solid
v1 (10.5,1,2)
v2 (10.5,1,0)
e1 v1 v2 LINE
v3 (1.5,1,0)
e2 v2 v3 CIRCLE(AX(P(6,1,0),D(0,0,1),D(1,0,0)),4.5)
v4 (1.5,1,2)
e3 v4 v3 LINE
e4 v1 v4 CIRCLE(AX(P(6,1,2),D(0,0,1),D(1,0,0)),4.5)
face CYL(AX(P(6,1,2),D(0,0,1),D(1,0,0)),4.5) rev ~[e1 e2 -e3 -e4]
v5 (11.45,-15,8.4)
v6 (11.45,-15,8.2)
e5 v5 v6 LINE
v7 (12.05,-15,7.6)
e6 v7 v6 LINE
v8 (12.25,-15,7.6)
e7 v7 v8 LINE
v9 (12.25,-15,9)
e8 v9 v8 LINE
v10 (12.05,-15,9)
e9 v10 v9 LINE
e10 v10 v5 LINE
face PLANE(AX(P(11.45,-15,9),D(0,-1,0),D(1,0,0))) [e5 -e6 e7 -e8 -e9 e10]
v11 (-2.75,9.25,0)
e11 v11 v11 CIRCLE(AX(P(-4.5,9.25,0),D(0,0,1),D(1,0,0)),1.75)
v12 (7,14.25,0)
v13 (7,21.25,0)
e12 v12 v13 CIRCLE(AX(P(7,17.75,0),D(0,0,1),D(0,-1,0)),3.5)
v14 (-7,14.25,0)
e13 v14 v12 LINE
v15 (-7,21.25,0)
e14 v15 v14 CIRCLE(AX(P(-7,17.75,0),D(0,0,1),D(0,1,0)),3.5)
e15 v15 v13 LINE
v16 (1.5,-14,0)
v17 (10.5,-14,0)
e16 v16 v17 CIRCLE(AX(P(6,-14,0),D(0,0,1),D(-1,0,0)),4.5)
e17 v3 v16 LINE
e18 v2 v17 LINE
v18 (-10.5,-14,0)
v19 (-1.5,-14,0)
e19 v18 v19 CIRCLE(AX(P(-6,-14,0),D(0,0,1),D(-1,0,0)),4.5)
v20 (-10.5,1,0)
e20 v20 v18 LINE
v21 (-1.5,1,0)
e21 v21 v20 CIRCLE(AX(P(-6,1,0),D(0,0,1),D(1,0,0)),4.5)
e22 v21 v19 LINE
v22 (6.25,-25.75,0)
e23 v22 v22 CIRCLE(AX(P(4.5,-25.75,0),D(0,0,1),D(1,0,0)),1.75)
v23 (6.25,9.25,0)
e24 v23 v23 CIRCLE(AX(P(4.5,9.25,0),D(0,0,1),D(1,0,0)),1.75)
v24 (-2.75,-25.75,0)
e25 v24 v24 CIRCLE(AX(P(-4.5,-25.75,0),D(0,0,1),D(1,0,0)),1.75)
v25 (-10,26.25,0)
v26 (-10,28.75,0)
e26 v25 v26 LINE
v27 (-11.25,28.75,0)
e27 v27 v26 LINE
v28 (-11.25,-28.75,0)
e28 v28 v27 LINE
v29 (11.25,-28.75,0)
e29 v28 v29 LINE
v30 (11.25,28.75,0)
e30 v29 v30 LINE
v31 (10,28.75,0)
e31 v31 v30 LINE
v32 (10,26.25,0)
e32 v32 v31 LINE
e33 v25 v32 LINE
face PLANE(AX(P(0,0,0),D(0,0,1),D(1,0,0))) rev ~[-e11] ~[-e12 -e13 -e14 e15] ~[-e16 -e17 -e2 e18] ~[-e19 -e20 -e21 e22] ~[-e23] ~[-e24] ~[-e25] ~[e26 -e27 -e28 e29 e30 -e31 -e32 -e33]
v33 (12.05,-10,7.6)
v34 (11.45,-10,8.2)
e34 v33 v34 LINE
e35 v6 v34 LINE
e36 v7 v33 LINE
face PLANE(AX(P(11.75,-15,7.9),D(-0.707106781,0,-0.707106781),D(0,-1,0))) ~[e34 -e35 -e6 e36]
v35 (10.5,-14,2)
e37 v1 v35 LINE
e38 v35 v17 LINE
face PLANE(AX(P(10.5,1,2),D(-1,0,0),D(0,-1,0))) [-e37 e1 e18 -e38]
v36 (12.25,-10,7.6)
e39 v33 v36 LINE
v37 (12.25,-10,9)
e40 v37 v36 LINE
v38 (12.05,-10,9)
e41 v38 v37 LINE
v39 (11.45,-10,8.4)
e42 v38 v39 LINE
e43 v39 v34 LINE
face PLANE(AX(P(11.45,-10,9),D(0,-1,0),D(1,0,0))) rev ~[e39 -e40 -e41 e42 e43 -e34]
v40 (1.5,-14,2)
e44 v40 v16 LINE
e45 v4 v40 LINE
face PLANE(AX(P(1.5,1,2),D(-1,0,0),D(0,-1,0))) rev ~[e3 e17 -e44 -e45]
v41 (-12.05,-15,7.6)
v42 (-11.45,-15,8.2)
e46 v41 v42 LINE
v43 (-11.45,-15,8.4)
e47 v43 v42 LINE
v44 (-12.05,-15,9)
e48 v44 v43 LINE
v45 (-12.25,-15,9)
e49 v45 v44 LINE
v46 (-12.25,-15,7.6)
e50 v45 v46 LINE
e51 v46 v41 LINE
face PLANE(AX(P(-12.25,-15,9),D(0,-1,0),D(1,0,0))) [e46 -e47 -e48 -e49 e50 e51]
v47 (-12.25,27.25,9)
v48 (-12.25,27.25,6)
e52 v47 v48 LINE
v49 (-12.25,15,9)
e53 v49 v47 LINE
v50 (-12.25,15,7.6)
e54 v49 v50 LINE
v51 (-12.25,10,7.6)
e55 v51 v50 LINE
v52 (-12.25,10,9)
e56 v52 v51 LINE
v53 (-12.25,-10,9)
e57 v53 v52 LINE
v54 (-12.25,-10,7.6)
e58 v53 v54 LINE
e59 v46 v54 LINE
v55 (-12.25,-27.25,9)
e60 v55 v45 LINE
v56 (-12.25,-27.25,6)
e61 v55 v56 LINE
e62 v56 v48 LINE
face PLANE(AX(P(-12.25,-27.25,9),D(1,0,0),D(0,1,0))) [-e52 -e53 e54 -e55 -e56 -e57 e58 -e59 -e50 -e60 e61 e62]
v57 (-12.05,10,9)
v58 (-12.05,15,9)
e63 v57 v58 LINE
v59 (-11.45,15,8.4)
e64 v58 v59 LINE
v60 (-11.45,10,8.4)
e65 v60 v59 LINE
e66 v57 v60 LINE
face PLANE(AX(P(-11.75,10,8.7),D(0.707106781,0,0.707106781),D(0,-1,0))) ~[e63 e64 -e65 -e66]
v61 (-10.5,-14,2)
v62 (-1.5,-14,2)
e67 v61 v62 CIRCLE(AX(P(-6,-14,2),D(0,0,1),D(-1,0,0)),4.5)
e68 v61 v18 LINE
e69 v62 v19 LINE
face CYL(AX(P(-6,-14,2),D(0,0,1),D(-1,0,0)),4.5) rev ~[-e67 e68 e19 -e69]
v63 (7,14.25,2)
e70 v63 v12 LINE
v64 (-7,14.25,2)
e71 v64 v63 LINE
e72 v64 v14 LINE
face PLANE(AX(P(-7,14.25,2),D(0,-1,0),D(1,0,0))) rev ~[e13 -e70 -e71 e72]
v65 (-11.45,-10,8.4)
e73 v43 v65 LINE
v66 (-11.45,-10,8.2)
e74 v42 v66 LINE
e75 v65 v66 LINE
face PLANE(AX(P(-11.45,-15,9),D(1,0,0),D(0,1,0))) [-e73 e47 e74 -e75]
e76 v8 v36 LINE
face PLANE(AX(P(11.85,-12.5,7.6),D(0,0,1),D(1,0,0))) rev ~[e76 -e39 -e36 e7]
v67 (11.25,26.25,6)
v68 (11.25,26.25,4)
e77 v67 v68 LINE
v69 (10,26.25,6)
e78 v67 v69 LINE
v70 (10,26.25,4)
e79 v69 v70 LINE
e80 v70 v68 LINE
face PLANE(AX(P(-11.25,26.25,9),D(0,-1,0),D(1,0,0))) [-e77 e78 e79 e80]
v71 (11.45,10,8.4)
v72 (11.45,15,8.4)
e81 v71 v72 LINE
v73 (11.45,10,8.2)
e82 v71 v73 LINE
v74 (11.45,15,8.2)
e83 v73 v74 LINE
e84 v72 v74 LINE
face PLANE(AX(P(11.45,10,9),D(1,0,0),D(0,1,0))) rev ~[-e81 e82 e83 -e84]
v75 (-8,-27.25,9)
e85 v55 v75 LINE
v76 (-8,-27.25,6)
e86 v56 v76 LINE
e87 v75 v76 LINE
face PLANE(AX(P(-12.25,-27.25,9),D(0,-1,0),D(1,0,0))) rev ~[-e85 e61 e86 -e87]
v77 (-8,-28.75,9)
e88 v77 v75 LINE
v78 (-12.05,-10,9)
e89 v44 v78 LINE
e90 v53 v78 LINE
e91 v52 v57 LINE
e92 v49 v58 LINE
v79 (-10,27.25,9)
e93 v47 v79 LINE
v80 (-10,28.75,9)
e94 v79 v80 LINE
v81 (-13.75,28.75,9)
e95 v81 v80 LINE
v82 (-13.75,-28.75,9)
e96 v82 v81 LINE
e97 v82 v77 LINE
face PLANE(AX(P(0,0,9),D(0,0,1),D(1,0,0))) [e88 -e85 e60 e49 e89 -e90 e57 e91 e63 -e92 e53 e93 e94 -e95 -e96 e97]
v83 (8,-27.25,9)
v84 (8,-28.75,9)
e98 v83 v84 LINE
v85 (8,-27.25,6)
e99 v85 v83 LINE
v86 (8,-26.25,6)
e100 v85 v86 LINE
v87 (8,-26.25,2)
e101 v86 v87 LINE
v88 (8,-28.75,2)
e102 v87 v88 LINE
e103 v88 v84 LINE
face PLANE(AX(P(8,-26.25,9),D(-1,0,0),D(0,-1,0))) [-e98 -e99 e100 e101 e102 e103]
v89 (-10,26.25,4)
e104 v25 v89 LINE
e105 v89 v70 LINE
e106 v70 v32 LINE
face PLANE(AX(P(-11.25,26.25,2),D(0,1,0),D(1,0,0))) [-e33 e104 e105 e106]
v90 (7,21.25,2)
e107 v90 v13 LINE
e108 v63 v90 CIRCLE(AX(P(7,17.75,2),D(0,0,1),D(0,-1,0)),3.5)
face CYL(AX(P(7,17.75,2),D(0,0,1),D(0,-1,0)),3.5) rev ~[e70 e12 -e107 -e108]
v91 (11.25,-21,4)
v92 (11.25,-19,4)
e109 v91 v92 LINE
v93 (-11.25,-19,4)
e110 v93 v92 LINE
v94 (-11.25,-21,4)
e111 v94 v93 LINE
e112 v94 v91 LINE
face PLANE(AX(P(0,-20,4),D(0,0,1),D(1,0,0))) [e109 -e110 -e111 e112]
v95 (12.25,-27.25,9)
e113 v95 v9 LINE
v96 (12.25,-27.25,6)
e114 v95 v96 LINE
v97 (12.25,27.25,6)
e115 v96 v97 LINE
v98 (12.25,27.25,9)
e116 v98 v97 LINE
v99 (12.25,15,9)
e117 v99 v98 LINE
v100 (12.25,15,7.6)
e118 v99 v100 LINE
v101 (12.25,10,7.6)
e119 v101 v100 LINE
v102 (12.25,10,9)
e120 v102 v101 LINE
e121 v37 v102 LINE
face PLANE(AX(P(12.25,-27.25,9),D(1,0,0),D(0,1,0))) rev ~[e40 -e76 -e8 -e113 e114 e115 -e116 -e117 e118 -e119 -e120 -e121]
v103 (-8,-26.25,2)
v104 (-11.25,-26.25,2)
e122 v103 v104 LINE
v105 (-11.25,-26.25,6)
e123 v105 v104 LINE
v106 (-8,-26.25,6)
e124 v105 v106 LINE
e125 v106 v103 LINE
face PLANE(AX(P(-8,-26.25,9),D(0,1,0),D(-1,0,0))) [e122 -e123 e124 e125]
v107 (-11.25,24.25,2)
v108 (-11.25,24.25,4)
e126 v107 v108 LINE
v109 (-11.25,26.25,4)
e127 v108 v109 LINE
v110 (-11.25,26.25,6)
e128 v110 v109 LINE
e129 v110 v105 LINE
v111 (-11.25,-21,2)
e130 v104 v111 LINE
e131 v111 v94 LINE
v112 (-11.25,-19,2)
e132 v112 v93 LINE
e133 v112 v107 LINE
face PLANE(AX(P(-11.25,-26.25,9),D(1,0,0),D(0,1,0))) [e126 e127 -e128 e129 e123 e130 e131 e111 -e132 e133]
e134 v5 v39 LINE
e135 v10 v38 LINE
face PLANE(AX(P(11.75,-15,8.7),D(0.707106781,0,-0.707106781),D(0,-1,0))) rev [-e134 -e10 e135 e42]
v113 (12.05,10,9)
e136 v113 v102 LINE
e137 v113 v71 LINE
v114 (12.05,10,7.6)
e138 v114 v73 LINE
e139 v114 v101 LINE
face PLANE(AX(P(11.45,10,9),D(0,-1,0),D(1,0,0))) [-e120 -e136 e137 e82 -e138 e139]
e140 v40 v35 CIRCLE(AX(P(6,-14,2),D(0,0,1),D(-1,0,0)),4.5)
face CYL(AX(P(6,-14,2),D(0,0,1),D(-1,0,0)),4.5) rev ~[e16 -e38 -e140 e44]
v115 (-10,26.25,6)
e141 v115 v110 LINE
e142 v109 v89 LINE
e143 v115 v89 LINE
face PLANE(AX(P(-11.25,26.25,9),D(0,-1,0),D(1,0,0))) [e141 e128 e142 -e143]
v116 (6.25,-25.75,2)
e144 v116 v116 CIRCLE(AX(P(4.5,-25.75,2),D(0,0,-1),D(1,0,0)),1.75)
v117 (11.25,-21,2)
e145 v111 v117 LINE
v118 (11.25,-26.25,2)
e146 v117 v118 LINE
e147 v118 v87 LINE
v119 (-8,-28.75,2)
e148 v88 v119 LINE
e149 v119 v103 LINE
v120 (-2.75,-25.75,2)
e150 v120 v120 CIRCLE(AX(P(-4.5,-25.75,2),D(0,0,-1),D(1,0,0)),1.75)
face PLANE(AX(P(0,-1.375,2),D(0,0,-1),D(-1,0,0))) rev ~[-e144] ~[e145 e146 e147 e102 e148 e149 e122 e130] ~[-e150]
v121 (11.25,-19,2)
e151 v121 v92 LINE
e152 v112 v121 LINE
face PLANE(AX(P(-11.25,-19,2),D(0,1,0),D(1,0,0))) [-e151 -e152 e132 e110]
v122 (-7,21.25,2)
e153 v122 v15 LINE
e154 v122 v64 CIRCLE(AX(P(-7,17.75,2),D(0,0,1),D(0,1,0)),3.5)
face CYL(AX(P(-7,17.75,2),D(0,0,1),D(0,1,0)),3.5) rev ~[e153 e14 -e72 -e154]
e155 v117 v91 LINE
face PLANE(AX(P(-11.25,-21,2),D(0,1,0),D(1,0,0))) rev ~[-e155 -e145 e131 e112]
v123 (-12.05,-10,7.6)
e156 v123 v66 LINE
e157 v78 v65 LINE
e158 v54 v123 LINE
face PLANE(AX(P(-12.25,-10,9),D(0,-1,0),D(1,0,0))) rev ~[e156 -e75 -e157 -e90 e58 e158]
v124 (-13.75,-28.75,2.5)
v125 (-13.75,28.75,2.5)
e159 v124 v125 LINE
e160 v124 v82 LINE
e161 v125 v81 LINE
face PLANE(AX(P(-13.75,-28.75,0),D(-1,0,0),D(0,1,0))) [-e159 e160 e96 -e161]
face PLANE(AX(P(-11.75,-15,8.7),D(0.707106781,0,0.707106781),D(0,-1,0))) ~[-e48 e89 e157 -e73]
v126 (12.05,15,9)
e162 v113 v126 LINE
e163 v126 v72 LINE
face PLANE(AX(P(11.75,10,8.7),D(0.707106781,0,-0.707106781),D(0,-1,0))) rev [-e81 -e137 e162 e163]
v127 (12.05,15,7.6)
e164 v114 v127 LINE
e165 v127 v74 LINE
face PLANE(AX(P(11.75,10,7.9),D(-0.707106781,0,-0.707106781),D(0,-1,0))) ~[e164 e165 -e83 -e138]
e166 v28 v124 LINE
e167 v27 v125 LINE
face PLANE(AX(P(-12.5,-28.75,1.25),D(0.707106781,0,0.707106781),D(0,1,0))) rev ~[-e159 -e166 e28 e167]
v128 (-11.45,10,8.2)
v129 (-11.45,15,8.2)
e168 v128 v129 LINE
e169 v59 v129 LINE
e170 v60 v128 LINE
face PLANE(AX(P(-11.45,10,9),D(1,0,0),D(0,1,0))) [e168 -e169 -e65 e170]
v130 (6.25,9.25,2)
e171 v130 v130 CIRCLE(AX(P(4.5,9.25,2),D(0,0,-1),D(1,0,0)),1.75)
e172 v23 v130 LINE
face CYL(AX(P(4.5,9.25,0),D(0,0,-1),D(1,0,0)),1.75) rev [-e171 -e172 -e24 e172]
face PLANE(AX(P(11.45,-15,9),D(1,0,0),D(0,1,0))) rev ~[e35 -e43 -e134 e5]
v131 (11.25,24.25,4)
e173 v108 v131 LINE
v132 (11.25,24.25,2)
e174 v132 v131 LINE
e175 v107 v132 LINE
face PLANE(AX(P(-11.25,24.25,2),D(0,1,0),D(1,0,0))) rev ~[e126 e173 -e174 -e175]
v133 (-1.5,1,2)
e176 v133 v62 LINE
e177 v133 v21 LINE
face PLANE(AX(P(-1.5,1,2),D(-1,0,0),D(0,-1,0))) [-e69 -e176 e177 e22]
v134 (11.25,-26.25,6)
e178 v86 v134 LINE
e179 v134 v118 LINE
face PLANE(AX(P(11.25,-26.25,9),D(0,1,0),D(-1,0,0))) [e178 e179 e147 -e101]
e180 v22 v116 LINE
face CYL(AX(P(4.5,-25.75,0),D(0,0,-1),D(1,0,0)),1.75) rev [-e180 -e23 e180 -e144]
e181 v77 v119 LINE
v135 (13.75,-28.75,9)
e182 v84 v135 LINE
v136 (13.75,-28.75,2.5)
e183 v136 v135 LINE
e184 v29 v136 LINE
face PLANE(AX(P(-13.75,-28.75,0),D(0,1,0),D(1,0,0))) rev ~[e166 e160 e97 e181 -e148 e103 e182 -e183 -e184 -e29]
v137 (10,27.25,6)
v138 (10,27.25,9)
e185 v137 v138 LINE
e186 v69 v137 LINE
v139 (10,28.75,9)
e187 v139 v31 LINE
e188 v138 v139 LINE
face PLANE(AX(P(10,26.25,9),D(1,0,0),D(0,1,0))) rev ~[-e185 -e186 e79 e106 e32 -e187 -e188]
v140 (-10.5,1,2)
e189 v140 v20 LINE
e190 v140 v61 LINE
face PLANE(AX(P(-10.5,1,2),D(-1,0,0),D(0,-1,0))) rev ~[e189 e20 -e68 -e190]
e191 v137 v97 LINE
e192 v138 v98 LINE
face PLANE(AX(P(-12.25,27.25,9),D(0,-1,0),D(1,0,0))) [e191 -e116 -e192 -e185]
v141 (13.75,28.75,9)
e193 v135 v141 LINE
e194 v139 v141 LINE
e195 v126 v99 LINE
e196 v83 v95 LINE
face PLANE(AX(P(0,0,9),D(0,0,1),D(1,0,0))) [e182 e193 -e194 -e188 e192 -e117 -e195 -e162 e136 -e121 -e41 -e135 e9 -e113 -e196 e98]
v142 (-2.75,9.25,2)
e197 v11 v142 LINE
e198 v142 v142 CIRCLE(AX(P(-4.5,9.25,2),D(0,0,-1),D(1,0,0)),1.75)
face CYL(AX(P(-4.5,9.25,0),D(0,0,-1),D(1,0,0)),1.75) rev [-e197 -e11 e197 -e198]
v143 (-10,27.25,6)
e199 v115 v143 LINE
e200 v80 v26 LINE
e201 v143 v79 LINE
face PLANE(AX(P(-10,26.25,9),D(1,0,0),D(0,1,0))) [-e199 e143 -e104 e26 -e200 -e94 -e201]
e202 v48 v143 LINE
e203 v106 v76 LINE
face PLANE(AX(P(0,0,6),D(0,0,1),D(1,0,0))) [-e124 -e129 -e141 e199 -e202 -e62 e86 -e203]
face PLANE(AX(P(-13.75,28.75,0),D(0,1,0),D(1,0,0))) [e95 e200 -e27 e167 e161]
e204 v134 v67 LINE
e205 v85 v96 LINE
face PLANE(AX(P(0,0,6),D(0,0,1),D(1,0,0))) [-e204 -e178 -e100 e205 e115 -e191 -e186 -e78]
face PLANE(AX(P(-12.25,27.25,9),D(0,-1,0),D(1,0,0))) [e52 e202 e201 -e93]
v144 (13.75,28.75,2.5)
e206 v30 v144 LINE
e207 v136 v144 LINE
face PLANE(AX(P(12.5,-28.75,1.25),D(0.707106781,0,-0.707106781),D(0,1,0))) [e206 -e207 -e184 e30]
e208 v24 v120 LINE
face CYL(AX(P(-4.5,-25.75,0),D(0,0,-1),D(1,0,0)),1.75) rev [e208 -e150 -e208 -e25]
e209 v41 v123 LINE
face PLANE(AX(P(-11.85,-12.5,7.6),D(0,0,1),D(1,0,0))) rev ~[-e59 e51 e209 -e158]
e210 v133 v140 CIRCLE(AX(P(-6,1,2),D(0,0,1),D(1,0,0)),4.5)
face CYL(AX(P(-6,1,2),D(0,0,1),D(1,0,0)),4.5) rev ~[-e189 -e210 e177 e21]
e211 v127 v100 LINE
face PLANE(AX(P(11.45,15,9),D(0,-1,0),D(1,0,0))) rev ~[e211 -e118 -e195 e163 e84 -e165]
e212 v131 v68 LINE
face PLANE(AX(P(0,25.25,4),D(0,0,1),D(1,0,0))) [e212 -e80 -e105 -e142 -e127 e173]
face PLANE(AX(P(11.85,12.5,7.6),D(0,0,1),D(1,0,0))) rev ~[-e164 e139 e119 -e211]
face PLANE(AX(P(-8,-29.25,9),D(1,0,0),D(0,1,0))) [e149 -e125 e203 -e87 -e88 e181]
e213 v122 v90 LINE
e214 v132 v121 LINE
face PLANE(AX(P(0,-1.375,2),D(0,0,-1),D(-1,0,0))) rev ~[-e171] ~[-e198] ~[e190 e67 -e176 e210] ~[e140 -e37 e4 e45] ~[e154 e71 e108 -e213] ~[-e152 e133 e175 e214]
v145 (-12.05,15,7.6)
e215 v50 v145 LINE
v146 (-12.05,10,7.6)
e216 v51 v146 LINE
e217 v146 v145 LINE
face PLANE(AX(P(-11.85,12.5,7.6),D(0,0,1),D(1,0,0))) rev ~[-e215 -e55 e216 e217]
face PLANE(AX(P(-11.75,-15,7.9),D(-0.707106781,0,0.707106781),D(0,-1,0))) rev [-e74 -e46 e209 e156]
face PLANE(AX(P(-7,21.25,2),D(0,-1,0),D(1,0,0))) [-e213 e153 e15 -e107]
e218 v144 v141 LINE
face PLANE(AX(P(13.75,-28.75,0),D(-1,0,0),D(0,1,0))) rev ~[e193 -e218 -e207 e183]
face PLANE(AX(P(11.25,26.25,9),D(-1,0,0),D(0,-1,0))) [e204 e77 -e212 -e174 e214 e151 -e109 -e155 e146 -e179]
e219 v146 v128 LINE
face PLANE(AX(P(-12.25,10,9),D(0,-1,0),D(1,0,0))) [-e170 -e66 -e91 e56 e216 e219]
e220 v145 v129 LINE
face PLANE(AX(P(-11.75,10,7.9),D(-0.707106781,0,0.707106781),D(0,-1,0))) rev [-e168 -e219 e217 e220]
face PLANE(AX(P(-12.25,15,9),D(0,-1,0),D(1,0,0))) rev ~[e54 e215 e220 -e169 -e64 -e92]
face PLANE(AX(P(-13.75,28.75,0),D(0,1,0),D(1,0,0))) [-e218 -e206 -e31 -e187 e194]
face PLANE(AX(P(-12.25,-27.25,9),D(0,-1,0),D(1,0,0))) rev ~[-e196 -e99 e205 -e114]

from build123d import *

# Parameters (mm, degrees)
SKETCH_W        = 27.5
SKETCH_H        = 57.5
SKETCH_R        = 1.75
PAD_DEPTH       = 9
POCKET_DEPTH    = 7
SKETCH002_W     = 24.5
SKETCH002_H     = 54.5
POCKET001_DEPTH = 3
SKETCH003_W     = 0.8
SKETCH003_H     = 5
PAD001_DEPTH    = 1.4
CHAMFER_SIZE    = 0.6
SKETCH004_W     = 20
SKETCH004_H     = 3
POCKET002_DEPTH = 9.001
SKETCH005_W     = 22.5
SKETCH005_H     = 2
PAD002_DEPTH    = 2
POCKET003_DEPTH = 2.001
CHAMFER001_SIZE = 2.5


with BuildPart() as part:
    # Sketch → Pad (new body)
    with BuildSketch(Plane.XY):
        Rectangle(SKETCH_W, SKETCH_H)
        with Locations((-4.5, 9.25)):
            Circle(SKETCH_R, mode=Mode.SUBTRACT)
        with Locations((-4.5, -25.75)):
            Circle(SKETCH_R, mode=Mode.SUBTRACT)
        with Locations((4.5, 9.25)):
            Circle(SKETCH_R, mode=Mode.SUBTRACT)
        with Locations((4.5, -25.75)):
            Circle(SKETCH_R, mode=Mode.SUBTRACT)
    extrude(amount=PAD_DEPTH)

    # Sketch001 (on Face10 of Pad) → Pocket (cut)
    with BuildSketch(Plane.XY.offset(9)):
        Polygon((-11.25, 26.25), (11.25, 26.25), (11.25, -26.25), (8, -26.25), (8, -29.25), (-8, -29.25), (-8, -26.25), (-11.25, -26.25), align=None)
    extrude(amount=-POCKET_DEPTH, mode=Mode.SUBTRACT)

    # Sketch002 (on Face5 of Pocket) → Pocket001 (cut)
    with BuildSketch(Plane.XY.offset(9)):
        Rectangle(SKETCH002_W, SKETCH002_H)
    extrude(amount=-POCKET001_DEPTH, mode=Mode.SUBTRACT)

    # Sketch003 (on Face5 of Pocket001) → Pad001 (join)
    with BuildSketch(Plane.XY.offset(9)):
        with Locations((-11.85, 12.5)):
            Rectangle(SKETCH003_W, SKETCH003_H)
        with Locations((-11.85, -12.5)):
            Rectangle(SKETCH003_W, SKETCH003_H)
        with Locations((11.85, -12.5)):
            Rectangle(SKETCH003_W, SKETCH003_H)
        with Locations((11.85, 12.5)):
            Rectangle(SKETCH003_W, SKETCH003_H)
    extrude(amount=-PAD001_DEPTH)

    # Chamfer
    chamfer_edges = [part.edges().sort_by_distance(p)[0] for p in [
        (-11.45, -12.5, 9),
        (-11.45, -12.5, 7.6),
        (-11.45, 12.5, 9),
        (-11.45, 12.5, 7.6),
        (11.45, 12.5, 9),
        (11.45, 12.5, 7.6),
        (11.45, -12.5, 9),
        (11.45, -12.5, 7.6),
    ]]
    chamfer(chamfer_edges, length=CHAMFER_SIZE)

    # Sketch004 (on Face4 of Chamfer) → Pocket002 (cut, through all)
    with BuildSketch(Plane.XY.offset(9)):
        with Locations((0, 27.75)):
            Rectangle(SKETCH004_W, SKETCH004_H)
    extrude(amount=-POCKET002_DEPTH, mode=Mode.SUBTRACT)

    # Sketch005 (on Face22 of Pocket002) → Pad002 (join)
    with BuildSketch(Plane.XY.offset(2)):
        with Locations((0, 25.25)):
            Rectangle(SKETCH005_W, SKETCH005_H)
        with Locations((0, -20)):
            Rectangle(SKETCH005_W, SKETCH005_H)
    extrude(amount=PAD002_DEPTH)

    # Sketch006 (on Face52 of Pad002) → Pocket003 (cut, through all)
    with BuildSketch(Plane.XY.offset(2)):
        with BuildLine():
            ThreePointArc((-7, 21.25), (-10.5, 17.75), (-7, 14.25))
            Line((-7, 14.25), (7, 14.25))
            ThreePointArc((7, 14.25), (10.5, 17.75), (7, 21.25))
            Line((-7, 21.25), (7, 21.25))
        make_face()
        with BuildLine():
            ThreePointArc((-1.5, 1), (-6, 5.5), (-10.5, 1))
            Line((-10.5, 1), (-10.5, -14))
            ThreePointArc((-10.5, -14), (-6, -18.5), (-1.5, -14))
            Line((-1.5, 1), (-1.5, -14))
        make_face()
        with BuildLine():
            ThreePointArc((10.5, 1), (6, 5.5), (1.5, 1))
            Line((1.5, 1), (1.5, -14))
            ThreePointArc((1.5, -14), (6, -18.5), (10.5, -14))
            Line((10.5, 1), (10.5, -14))
        make_face()
    extrude(amount=-POCKET003_DEPTH, mode=Mode.SUBTRACT)

    # Chamfer001
    chamfer001_edges = [part.edges().sort_by_distance(p)[0] for p in [
        (-13.75, 0, 0),
        (13.75, 0, 0),
    ]]
    chamfer(chamfer001_edges, length=CHAMFER001_SIZE)


solid = part.part
